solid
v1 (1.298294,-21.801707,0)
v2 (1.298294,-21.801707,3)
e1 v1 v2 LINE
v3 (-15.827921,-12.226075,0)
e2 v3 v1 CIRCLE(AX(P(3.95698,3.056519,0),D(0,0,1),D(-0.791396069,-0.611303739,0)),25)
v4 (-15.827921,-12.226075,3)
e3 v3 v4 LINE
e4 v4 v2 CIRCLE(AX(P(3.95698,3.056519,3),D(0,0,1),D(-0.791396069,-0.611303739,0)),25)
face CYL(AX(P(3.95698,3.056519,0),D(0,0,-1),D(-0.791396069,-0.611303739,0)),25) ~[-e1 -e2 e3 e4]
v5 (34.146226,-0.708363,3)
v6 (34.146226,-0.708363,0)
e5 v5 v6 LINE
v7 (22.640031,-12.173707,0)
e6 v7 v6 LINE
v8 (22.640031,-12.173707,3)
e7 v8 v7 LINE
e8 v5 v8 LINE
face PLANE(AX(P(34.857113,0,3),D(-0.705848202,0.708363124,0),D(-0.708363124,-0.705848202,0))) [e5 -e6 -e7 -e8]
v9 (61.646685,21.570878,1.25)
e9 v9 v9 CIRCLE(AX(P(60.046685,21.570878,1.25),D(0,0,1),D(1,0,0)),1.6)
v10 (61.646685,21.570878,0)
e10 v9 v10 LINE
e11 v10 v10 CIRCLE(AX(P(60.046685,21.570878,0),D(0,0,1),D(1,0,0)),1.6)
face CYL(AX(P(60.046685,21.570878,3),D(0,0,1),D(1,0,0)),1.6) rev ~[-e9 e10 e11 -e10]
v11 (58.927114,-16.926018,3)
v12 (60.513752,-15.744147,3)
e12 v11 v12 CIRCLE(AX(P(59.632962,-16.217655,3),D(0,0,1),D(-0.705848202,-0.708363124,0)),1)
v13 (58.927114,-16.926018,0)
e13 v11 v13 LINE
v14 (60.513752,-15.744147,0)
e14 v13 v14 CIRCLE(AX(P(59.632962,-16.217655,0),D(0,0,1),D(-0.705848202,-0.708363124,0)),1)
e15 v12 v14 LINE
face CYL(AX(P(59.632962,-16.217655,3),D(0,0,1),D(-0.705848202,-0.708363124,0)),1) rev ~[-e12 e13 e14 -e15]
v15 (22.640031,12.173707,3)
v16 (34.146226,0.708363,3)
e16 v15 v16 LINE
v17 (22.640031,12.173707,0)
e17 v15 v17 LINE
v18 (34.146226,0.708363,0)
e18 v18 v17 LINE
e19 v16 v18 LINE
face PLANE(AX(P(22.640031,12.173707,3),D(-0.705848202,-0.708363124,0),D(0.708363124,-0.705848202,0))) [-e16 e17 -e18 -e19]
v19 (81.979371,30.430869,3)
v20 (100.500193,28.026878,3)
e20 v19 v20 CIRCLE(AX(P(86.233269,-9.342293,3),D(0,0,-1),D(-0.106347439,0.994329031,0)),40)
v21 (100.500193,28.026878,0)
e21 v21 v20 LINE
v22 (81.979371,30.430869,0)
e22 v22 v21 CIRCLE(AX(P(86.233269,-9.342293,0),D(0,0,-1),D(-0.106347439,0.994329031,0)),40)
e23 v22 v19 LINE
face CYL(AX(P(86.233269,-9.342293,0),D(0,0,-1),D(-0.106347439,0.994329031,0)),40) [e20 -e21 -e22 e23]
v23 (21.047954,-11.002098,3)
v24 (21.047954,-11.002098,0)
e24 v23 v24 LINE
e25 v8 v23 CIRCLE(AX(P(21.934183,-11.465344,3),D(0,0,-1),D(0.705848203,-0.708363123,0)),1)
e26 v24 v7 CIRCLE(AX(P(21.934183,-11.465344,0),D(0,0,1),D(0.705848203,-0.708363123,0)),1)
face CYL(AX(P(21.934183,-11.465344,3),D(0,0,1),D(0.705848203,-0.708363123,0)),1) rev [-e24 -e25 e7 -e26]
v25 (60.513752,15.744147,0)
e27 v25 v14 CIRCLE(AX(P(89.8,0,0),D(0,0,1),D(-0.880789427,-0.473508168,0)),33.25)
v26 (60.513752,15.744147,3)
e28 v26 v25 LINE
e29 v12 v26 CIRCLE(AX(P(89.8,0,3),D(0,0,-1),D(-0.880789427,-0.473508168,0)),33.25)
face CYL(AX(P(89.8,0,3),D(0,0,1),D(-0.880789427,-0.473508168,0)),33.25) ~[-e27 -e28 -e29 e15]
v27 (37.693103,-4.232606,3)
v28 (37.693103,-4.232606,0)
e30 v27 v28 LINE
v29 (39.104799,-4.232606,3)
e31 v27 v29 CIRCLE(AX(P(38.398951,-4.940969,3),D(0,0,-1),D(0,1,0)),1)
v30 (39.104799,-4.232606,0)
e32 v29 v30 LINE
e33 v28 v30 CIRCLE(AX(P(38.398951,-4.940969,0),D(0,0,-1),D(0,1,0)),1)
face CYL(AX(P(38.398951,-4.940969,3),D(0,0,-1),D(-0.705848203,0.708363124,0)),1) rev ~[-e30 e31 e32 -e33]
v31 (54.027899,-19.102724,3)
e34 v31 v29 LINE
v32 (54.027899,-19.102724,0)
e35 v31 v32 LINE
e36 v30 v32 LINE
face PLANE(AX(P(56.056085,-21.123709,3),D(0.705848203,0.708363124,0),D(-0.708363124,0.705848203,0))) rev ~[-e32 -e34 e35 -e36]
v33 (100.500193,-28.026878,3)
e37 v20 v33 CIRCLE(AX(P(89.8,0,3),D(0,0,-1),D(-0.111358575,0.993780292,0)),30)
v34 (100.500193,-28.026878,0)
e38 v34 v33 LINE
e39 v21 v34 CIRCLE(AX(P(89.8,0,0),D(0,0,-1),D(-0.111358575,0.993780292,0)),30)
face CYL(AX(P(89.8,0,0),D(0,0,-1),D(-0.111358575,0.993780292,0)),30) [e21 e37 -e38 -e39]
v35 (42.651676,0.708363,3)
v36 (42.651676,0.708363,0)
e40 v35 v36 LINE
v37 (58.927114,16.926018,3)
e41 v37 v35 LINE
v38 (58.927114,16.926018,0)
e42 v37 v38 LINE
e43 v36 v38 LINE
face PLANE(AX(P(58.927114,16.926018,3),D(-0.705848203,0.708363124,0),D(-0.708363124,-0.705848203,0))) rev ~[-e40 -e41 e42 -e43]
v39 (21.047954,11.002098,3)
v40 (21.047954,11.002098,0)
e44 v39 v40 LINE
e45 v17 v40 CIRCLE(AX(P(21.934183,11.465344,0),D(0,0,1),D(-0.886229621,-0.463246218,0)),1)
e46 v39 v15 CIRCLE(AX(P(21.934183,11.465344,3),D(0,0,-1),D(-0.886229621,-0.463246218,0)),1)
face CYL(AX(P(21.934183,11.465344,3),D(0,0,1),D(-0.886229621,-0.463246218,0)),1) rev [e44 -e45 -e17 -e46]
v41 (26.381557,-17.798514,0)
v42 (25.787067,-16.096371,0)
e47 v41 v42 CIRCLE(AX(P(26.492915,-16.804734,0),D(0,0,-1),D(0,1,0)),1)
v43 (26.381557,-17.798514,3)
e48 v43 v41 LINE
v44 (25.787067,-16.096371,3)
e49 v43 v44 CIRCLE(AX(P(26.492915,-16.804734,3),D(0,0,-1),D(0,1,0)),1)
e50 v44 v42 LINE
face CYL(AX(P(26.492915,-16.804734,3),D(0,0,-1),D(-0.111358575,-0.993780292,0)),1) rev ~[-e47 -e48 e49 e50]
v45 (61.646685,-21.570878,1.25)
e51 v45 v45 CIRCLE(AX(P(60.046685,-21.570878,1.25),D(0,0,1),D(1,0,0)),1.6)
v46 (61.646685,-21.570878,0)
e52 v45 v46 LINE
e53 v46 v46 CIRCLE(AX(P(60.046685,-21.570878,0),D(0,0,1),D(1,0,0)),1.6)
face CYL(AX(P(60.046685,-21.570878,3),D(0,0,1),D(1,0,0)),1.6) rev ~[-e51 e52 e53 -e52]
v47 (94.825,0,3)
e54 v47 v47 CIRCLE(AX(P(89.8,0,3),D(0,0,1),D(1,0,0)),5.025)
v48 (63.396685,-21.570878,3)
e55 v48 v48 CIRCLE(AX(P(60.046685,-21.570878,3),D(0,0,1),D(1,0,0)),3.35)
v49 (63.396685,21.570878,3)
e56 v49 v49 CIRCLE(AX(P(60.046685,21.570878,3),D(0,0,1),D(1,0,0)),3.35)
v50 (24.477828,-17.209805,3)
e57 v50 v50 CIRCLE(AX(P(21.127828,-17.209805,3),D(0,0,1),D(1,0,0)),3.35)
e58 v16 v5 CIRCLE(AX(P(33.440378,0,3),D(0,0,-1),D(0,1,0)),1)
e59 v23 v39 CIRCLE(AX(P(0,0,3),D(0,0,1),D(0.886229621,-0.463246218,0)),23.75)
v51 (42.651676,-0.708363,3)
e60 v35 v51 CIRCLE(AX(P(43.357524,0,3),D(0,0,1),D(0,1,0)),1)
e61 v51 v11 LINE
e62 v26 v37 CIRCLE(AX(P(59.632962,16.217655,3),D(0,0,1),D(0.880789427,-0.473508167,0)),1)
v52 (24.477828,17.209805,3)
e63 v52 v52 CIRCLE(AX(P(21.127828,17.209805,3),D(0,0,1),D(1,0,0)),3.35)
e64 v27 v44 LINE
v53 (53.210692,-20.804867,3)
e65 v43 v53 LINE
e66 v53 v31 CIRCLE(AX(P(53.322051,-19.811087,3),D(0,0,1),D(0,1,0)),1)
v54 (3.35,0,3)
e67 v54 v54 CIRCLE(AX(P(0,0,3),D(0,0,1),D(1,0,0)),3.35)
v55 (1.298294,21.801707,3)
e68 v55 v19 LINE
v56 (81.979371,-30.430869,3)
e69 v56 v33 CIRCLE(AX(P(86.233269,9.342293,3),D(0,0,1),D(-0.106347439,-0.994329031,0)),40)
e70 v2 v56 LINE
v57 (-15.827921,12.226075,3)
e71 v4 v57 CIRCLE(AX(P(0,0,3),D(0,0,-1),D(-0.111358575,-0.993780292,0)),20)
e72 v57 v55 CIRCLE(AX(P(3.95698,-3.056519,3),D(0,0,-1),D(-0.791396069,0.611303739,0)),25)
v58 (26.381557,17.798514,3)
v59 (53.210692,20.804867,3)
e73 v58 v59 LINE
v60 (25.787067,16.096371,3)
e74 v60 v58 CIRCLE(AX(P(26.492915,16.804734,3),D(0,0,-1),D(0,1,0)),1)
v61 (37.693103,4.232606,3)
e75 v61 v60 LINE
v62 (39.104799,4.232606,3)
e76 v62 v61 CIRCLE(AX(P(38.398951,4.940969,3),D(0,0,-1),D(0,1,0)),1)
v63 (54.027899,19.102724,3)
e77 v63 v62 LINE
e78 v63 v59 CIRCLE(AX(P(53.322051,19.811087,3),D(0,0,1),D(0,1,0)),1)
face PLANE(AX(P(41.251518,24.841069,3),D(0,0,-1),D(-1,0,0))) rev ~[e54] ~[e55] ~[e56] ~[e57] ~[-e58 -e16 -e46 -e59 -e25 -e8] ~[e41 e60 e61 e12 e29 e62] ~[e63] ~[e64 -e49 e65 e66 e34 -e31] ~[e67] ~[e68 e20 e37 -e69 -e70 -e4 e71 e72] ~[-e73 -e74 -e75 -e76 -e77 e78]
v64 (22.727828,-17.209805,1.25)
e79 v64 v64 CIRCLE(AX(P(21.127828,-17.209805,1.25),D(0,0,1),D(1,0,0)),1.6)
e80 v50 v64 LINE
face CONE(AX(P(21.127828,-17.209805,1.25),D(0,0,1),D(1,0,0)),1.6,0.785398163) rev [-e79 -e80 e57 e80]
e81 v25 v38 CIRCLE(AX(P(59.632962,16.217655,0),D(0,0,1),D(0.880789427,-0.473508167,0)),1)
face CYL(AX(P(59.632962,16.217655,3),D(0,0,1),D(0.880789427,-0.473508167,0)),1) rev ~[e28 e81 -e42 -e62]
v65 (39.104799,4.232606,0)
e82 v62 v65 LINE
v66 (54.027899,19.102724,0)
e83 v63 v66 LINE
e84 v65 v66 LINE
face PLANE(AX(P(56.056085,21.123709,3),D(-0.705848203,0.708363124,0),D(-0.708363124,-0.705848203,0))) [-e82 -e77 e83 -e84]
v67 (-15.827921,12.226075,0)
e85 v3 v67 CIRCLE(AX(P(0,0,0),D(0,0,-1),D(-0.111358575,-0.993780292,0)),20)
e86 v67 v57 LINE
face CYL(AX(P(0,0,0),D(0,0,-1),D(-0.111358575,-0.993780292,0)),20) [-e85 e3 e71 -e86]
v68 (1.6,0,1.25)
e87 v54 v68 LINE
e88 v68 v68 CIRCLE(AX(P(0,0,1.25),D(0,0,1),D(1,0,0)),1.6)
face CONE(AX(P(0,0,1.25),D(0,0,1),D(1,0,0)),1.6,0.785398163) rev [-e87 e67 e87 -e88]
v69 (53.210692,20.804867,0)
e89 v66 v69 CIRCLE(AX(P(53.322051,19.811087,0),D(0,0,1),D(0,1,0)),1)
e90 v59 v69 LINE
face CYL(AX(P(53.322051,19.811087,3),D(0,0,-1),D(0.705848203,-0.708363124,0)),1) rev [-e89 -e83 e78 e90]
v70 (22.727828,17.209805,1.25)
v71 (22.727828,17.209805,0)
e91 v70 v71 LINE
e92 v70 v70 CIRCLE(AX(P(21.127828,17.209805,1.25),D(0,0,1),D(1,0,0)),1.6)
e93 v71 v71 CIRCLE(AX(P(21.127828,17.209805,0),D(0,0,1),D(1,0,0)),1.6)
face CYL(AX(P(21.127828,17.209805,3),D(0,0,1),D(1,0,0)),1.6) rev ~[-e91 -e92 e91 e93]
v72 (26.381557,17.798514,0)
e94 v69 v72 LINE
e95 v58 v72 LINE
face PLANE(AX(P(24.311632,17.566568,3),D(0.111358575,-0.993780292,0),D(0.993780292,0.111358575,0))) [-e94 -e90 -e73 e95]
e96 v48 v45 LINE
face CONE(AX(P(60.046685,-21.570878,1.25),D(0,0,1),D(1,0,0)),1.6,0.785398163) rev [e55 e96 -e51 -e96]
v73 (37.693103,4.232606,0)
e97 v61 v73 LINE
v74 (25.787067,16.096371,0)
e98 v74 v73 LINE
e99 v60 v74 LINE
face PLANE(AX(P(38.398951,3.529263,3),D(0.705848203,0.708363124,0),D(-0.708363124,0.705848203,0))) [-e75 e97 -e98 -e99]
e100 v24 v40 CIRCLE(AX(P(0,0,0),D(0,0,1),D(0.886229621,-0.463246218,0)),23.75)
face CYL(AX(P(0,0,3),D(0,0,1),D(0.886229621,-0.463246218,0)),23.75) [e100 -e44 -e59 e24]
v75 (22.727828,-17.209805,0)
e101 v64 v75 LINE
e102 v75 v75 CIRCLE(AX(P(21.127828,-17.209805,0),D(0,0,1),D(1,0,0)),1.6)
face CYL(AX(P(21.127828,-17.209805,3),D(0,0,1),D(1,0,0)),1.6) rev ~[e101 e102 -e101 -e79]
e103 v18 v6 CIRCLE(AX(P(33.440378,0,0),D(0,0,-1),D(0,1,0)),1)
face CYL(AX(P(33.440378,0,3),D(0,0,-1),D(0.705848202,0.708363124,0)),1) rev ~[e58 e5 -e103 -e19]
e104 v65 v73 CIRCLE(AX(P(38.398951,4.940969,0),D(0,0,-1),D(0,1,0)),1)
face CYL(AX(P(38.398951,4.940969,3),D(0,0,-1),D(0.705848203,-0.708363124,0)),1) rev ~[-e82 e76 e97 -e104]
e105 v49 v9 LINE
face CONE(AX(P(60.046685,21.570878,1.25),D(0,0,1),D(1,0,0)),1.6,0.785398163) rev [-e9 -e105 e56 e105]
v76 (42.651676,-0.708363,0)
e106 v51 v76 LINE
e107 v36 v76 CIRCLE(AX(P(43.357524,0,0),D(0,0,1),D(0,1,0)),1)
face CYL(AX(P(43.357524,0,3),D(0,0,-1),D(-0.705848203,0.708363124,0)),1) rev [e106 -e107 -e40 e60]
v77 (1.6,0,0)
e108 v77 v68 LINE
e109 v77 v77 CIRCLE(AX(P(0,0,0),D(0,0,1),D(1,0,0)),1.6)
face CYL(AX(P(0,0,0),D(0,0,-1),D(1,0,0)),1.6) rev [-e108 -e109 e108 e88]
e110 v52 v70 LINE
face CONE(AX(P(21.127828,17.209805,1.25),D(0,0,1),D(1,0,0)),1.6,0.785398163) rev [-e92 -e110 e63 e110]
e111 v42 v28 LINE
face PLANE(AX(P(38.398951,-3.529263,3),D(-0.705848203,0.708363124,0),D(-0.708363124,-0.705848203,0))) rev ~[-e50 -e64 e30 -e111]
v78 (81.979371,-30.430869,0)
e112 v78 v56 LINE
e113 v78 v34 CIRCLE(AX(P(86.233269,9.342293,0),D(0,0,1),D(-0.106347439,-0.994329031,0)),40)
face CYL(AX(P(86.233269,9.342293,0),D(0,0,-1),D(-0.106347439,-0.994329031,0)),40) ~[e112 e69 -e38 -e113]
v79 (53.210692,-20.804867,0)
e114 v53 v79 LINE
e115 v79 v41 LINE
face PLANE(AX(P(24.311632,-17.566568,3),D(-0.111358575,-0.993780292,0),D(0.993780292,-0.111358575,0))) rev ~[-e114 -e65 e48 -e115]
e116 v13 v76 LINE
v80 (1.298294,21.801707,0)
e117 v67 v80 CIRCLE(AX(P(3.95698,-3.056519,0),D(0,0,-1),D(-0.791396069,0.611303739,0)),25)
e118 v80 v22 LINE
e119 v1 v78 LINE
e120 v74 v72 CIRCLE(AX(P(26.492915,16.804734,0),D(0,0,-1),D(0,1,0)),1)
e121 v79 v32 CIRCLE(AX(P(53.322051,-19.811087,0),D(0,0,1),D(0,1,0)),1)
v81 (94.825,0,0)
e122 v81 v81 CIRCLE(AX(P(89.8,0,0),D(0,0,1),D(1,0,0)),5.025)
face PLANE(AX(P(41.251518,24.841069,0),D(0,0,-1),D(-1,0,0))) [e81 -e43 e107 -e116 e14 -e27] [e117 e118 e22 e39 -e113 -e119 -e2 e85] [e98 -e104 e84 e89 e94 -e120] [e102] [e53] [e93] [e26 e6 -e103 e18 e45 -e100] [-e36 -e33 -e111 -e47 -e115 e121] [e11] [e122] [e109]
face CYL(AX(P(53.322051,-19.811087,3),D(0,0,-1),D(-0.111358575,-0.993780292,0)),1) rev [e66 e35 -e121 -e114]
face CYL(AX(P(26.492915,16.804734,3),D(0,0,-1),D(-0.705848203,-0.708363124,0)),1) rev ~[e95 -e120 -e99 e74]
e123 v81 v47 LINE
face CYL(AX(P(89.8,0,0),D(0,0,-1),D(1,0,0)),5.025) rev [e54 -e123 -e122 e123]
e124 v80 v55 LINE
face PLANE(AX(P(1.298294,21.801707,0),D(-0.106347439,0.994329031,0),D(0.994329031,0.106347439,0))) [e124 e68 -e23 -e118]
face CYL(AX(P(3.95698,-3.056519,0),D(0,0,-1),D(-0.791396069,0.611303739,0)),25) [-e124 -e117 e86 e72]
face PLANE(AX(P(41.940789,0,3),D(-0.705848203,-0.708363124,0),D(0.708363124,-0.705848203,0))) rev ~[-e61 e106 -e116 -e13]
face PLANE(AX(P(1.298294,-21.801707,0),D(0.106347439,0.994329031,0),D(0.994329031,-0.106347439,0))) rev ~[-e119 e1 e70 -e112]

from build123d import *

# Parameters (mm, degrees)
SKETCH_1_R          = 1.6
SKETCH_1_R_2        = 5.025
EXTRUDE_1_DEPTH     = 3
SKETCH_2_R          = 1.6
CUT_EXTRUDE_1_DEPTH = 124.535581919
FILLET_1_R          = 1
EXTRUDE_START       = -3
EXTRUDE_2_DEPTH     = 3
CHAMFER_1_SIZE      = 1.75


with BuildPart() as part:
    # ｽｹｯﾁ1 → ﾎﾞｽ - 押し出し1 (new body)
    with BuildSketch(Plane.XY):
        with BuildLine():
            Line((-2.227171492, 19.875605831), (86.459242762, 29.813408746))
            ThreePointArc((86.459242762, 29.813408746), (119.8, 0), (86.459242762, -29.813408746))
            Line((86.459242762, -29.813408746), (-2.227171492, -19.875605831))
            ThreePointArc((-2.227171492, -19.875605831), (-20, 0), (-2.227171492, 19.875605831))
        make_face()
        Circle(SKETCH_1_R, mode=Mode.SUBTRACT)
        with Locations((89.8, 0)):
            Circle(SKETCH_1_R_2, mode=Mode.SUBTRACT)
    extrude(amount=EXTRUDE_1_DEPTH)

    # ｽｹｯﾁ2 → ｶｯﾄ - 押し出し1 (cut, through all)
    with BuildSketch(Plane.XY.offset(3)):
        with Locations((21.127828075, 17.209804787)):
            Circle(SKETCH_2_R)
        with Locations((21.127828075, -17.209804787)):
            Circle(SKETCH_2_R)
        with Locations((60.046685431, -21.570877871)):
            Circle(SKETCH_2_R)
        with Locations((60.046685431, 21.570877871)):
            Circle(SKETCH_2_R)
        Polygon((24.311632117, -17.566567628), (56.056085363, -21.123709076), (38.398951009, -3.529263334), align=None)
        Polygon((24.311632117, 17.566567628), (56.056085363, 21.123709076), (38.398951009, 3.529263334), align=None)
        with BuildLine():
            Line((34.857112989, 0), (22.640031329, -12.173707016))
            ThreePointArc((22.640031329, -12.173707016), (21.34147622, -12.270762122), (21.047953505, -11.002097675))
            ThreePointArc((21.047953505, -11.002097675), (23.75, 0), (21.047953505, 11.002097675))
            ThreePointArc((21.047953505, 11.002097675), (21.34147622, 12.270762122), (22.640031329, 12.173707016))
            Line((22.640031329, 12.173707016), (34.857112989, 0))
        make_face()
        with BuildLine():
            Line((58.927113914, 16.926017866), (41.940789029, 0))
            Line((41.940789029, 0), (58.927113914, -16.926017866))
            ThreePointArc((58.927113914, -16.926017866), (60.230336409, -17.019617306), (60.513751544, -15.744146574))
            ThreePointArc((60.513751544, -15.744146574), (56.55, 0), (60.513751544, 15.744146574))
            ThreePointArc((60.513751544, 15.744146574), (60.230336409, 17.019617306), (58.927113914, 16.926017866))
        make_face()
    extrude(amount=-CUT_EXTRUDE_1_DEPTH, mode=Mode.SUBTRACT)

    # ﾌｨﾚｯﾄ1
    fillet_1_edges = [part.edges().sort_by_distance(p)[0] for p in [
        (41.940789029, 0, 1.5),
        (56.056085363, 21.123709076, 1.5),
        (38.398951009, 3.529263334, 1.5),
        (24.311632117, 17.566567628, 1.5),
        (34.857112989, 0, 1.5),
        (38.398951009, -3.529263334, 1.5),
        (56.056085363, -21.123709076, 1.5),
        (24.311632117, -17.566567628, 1.5),
    ]]
    fillet(fillet_1_edges, radius=FILLET_1_R)

    # ｽｹｯﾁ3 → ﾎﾞｽ - 押し出し2 (add)
    with BuildSketch(Plane.XY.offset(3).offset(EXTRUDE_START)):
        with BuildLine():
            Line((1.298294376, 21.801707083), (81.979371475, 30.430868694))
            ThreePointArc((81.979371475, 30.430868694), (91.382052123, 30.32494875), (100.500192923, 28.026877661))
            ThreePointArc((100.500192923, 28.026877661), (93.586587742, 29.760069779), (86.459242762, 29.813408746))
            Line((86.459242762, 29.813408746), (-2.227171492, 19.875605831))
            ThreePointArc((-2.227171492, 19.875605831), (-9.804357498, 17.431998567), (-15.827921381, 12.226074789))
            ThreePointArc((-15.827921381, 12.226074789), (-8.243504916, 18.764300705), (1.298294376, 21.801707083))
        make_face()
        with BuildLine():
            Line((1.298294376, -21.801707083), (81.979371475, -30.430868694))
            ThreePointArc((81.979371475, -30.430868694), (91.382052123, -30.32494875), (100.500192923, -28.026877661))
            ThreePointArc((100.500192923, -28.026877661), (93.586587742, -29.760069779), (86.459242762, -29.813408746))
            Line((86.459242762, -29.813408746), (-2.227171492, -19.875605831))
            ThreePointArc((-2.227171492, -19.875605831), (-9.804357498, -17.431998567), (-15.827921381, -12.226074789))
            ThreePointArc((-15.827921381, -12.226074789), (-8.243504916, -18.764300705), (1.298294376, -21.801707083))
        make_face()
    extrude(amount=EXTRUDE_2_DEPTH)

    # 面取り1
    chamfer_1_edges = [part.edges().sort_by_distance(p)[0] for p in [
        (-1.6, 0, 3),
        (19.527828075, 17.209804787, 3),
        (58.446685431, 21.570877871, 3),
        (58.446685431, -21.570877871, 3),
        (19.527828075, -17.209804787, 3),
    ]]
    chamfer(chamfer_1_edges, length=CHAMFER_1_SIZE)


solid = part.part
